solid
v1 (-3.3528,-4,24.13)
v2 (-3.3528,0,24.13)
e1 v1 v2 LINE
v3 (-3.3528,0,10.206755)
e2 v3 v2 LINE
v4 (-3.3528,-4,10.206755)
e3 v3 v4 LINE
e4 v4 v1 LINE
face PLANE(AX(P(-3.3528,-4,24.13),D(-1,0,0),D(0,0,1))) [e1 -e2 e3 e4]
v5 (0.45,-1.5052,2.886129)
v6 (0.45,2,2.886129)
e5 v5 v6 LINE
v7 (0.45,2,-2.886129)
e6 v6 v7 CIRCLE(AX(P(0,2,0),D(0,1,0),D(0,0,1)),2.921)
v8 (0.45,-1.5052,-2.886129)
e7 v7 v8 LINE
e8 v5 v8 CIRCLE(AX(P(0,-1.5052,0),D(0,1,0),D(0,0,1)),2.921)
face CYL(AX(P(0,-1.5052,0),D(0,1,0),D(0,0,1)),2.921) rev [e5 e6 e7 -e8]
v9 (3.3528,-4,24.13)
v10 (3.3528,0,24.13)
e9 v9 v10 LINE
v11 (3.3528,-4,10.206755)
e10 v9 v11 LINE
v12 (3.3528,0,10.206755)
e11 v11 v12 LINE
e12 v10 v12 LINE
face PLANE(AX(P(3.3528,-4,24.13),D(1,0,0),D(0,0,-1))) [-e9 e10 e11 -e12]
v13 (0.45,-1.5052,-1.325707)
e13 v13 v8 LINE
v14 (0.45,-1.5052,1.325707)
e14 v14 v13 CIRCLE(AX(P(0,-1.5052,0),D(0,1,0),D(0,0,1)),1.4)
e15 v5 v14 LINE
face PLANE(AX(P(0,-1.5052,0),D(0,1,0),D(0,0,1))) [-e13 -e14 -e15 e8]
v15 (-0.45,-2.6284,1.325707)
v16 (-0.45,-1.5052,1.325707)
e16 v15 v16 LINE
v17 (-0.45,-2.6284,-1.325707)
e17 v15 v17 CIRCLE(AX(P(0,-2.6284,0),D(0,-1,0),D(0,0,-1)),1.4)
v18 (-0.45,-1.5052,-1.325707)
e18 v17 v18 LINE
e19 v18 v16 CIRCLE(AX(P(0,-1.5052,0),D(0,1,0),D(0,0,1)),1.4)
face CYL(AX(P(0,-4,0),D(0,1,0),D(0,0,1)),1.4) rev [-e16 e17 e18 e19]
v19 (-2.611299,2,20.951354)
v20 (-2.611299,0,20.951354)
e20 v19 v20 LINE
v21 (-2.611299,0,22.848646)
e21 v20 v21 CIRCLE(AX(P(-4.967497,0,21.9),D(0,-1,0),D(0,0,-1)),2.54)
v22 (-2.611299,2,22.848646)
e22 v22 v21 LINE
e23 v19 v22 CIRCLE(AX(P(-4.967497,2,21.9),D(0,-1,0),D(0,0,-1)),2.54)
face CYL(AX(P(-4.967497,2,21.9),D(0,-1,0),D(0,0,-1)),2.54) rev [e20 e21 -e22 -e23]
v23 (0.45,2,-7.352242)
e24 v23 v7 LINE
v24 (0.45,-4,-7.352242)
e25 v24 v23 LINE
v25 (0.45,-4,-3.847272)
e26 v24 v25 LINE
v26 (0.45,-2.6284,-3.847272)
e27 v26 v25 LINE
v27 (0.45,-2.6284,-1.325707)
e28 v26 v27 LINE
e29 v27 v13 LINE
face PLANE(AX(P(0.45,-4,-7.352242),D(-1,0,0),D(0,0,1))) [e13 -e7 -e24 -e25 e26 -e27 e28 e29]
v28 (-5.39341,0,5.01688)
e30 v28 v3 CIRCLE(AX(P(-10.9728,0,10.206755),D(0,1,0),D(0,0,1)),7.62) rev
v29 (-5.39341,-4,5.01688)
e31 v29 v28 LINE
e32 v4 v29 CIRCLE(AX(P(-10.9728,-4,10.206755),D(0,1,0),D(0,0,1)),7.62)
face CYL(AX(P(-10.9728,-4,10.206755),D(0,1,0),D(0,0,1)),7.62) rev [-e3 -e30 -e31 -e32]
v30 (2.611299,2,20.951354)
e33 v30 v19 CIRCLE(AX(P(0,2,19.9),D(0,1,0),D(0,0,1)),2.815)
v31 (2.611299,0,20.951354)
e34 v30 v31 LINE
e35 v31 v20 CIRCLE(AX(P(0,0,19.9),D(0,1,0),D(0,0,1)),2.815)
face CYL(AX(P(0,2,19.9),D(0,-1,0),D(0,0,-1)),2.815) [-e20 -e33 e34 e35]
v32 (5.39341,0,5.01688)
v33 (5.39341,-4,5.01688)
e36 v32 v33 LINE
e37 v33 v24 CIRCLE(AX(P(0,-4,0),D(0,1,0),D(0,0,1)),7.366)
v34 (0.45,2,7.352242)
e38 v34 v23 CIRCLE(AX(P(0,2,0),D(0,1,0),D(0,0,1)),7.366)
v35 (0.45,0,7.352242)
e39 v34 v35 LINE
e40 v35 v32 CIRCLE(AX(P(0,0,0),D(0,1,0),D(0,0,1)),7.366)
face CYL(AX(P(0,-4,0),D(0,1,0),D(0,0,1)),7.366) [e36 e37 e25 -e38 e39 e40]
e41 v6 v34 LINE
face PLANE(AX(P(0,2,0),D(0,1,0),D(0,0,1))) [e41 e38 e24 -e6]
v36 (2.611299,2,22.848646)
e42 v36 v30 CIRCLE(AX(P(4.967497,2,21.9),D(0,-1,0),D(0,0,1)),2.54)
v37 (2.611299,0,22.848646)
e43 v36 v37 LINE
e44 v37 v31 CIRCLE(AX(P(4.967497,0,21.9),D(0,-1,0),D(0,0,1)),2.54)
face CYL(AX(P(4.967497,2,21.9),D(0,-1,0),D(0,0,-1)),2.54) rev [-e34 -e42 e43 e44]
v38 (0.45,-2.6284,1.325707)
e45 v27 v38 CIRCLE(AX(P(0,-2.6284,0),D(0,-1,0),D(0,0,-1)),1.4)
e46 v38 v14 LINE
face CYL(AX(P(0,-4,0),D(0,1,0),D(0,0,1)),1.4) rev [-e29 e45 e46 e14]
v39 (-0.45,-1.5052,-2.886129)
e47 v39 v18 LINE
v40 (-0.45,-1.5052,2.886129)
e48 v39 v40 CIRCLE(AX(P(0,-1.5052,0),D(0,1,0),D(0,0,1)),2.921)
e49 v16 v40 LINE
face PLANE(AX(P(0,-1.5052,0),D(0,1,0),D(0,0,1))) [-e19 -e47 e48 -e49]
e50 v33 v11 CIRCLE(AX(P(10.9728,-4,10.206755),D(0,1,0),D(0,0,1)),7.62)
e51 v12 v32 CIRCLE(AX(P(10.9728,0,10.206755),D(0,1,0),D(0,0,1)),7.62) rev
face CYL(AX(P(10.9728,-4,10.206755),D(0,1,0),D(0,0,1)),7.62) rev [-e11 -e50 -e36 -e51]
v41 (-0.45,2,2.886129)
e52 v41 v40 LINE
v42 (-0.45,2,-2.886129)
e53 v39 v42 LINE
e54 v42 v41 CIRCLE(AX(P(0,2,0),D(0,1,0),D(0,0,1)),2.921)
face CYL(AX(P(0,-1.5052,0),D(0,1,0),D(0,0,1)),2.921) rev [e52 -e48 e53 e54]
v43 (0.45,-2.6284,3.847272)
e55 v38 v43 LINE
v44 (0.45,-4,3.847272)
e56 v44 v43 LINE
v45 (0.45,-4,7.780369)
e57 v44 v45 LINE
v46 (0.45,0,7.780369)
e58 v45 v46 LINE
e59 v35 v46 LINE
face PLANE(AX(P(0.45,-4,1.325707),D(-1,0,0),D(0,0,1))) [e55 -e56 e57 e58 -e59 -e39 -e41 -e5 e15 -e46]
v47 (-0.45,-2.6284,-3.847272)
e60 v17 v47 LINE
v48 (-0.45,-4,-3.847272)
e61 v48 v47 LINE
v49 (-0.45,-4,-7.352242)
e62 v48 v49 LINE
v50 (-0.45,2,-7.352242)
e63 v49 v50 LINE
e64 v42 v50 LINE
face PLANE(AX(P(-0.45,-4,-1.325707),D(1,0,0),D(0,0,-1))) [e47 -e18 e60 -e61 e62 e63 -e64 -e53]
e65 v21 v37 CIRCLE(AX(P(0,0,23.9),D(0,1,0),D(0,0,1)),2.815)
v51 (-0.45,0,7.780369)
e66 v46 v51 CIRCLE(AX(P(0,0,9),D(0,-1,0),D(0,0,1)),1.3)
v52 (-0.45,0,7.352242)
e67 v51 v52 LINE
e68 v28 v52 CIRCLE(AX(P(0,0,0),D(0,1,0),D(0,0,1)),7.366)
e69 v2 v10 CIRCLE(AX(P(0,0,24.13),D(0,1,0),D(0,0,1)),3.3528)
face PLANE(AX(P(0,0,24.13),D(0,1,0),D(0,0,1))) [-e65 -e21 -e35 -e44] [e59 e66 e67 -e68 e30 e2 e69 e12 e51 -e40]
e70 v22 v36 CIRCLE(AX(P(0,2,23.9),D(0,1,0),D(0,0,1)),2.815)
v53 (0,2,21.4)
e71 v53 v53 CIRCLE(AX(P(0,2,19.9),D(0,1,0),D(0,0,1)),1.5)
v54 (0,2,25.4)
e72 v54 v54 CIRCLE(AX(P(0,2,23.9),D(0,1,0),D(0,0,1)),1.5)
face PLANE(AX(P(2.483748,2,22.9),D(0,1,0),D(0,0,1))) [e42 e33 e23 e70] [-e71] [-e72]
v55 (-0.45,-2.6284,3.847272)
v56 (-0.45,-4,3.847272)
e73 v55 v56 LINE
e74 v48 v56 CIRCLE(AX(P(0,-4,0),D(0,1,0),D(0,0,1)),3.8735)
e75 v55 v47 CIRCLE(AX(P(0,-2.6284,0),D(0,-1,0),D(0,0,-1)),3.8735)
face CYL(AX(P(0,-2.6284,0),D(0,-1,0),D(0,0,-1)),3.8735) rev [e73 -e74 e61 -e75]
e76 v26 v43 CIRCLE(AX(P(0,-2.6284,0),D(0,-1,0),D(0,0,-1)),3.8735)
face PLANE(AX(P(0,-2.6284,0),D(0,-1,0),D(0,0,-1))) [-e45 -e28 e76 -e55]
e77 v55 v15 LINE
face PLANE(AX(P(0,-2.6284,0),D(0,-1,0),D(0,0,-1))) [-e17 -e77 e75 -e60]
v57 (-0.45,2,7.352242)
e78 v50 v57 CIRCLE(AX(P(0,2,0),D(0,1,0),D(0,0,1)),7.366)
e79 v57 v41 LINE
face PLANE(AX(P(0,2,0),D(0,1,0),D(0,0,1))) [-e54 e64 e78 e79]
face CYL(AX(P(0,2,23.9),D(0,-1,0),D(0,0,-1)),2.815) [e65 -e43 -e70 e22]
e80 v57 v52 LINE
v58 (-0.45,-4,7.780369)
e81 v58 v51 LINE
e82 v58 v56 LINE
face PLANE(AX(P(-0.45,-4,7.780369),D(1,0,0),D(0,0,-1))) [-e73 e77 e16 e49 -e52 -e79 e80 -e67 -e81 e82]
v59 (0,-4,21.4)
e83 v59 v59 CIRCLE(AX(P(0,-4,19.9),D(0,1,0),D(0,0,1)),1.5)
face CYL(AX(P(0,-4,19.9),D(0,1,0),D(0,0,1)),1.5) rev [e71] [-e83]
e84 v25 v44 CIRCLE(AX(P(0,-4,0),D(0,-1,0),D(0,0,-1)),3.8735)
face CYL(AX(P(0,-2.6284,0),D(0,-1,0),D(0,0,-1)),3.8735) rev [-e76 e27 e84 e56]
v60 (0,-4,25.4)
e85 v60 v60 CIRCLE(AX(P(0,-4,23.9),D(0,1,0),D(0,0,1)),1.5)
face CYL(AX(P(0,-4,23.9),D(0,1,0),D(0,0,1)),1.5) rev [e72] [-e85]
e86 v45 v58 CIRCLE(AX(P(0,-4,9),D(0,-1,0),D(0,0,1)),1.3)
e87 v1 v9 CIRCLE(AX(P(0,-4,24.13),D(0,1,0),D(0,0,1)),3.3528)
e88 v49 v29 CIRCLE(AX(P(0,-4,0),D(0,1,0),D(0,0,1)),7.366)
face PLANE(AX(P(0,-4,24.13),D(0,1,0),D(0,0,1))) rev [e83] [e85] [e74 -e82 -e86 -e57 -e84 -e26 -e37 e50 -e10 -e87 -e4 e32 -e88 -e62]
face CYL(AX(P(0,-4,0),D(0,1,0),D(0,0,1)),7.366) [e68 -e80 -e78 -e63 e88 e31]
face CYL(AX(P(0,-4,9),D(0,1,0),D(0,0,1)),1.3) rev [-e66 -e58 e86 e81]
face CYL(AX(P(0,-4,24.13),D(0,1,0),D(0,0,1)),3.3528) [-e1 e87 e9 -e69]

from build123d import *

# Parameters (mm, degrees)
SKETCH1_R           = 1.5000000000000018
SKETCH1_R_2         = 1.5000000000000004
BOSS_EXTRUDE1_DEPTH = 4
BOSS_EXTRUDE2_START = 2
BOSS_EXTRUDE2_DEPTH = 2
BOSS_EXTRUDE3_START = 2
SKETCH3_R           = 1.5000000000000007
SKETCH3_R_2         = 1.500000000000001
BOSS_EXTRUDE3_DEPTH = 2
SKETCH4_R           = 2.921
CUT_EXTRUDE1_DEPTH  = 3.5052
FILLET1_R           = 7.62
SKETCH5_R           = 3.8735000000000004
CUT_EXTRUDE2_DEPTH  = 1.3716


with BuildPart() as part:
    # Sketch1 → Boss-Extrude1 (new body)
    with BuildSketch(Plane(origin=(0, 0, 0), x_dir=(1, 0, 0), z_dir=(0, 1, 0))):
        with BuildLine():
            Line((-3.3528000000000002, -24.130000000000003), (-3.3527999999999993, -6.55871086113727))
            ThreePointArc((-3.3527999999999993, -6.55871086113727), (-7.210684523422123, 1.504654346911835), (-0.45, 7.352241562952077))
            Line((-0.45, 7.352241562952077), (-0.45, 1.325707358356285))
            ThreePointArc((-0.45, 1.325707358356285), (-1.4, 1.7e-16), (-0.45, -1.325707358356285))
            Line((-0.45, -1.325707358356285), (-0.45, -7.780368908234952))
            ThreePointArc((-0.45, -7.780368908234952), (-2.4e-16, -10.3), (0.45000000000000184, -7.780368908234953))
            Line((0.45000000000000184, -7.780368908234953), (0.45000000000000107, -1.3257073583562848))
            ThreePointArc((0.45000000000000107, -1.3257073583562848), (1.4, 0), (0.45000000000000073, 1.3257073583562848))
            Line((0.45000000000000073, 1.3257073583562848), (0.45, 7.352241562952076))
            ThreePointArc((0.45, 7.352241562952076), (7.210684523422123, 1.504654346911832), (3.3527999999999993, -6.55871086113727))
            Line((3.3527999999999993, -6.55871086113727), (3.3528000000000002, -24.130000000000003))
            ThreePointArc((3.3528000000000002, -24.130000000000003), (-6.2e-16, -27.482800000000005), (-3.3528000000000002, -24.130000000000003))
        make_face()
        with Locations(Location((-4.6e-16, -23.9, 0), (0, 0, 270))):
            Circle(SKETCH1_R, mode=Mode.SUBTRACT)
        with Locations(Location((0, -19.9, 0), (0, 0, 270))):
            Circle(SKETCH1_R_2, mode=Mode.SUBTRACT)
    extrude(amount=-BOSS_EXTRUDE1_DEPTH)

    # Sketch2 → Boss-Extrude2 (add)
    with BuildSketch(Plane(origin=(0, 0, 0), x_dir=(1, 0, 0), z_dir=(0, 1, 0)).offset(BOSS_EXTRUDE2_START)):
        with BuildLine():
            Line((-0.44999999999999873, 7.352241562952076), (-0.4499999999999986, 1.325707358356285))
            ThreePointArc((-0.4499999999999986, 1.325707358356285), (-1.3999999999999995, 1.7e-16), (-0.4499999999999986, -1.3257073583562848))
            Line((-0.4499999999999986, -1.3257073583562848), (-0.44999999999999873, -7.352241562952076))
            ThreePointArc((-0.44999999999999873, -7.352241562952076), (-7.366, 9e-16), (-0.44999999999999873, 7.352241562952076))
        make_face()
        with BuildLine():
            Line((0.45, 7.352241562952076), (0.4499999999999999, 1.3257073583562846))
            ThreePointArc((0.4499999999999999, 1.3257073583562846), (1.3999999999999995, 0), (0.4499999999999999, -1.3257073583562846))
            Line((0.4499999999999999, -1.3257073583562846), (0.45, -7.352241562952076))
            ThreePointArc((0.45, -7.352241562952076), (7.366, 0), (0.45, 7.352241562952076))
        make_face()
    extrude(amount=-BOSS_EXTRUDE2_DEPTH)

    # Sketch3 → Boss-Extrude3 (add)
    with BuildSketch(Plane(origin=(0, 0, 0), x_dir=(1, 0, 0), z_dir=(0, 1, 0)).offset(BOSS_EXTRUDE3_START)):
        with BuildLine():
            ThreePointArc((2.611298533252736, -20.95135387488328), (8e-16, -17.085), (-2.6112985332527363, -20.95135387488328))
            ThreePointArc((-2.6112985332527363, -20.95135387488328), (-2.427496854553608, -21.899999999999995), (-2.611298533252737, -22.84864612511671))
            ThreePointArc((-2.611298533252737, -22.84864612511671), (-9.8e-16, -26.715), (2.611298533252737, -22.84864612511671))
            ThreePointArc((2.611298533252737, -22.84864612511671), (2.427496854553609, -21.899999999999995), (2.611298533252736, -20.95135387488328))
        make_face()
        with Locations(Location((0, -19.9, 0), (0, 0, 270))):
            Circle(SKETCH3_R, mode=Mode.SUBTRACT)
        with Locations(Location((-4.6e-16, -23.9, 0), (0, 0, 270))):
            Circle(SKETCH3_R_2, mode=Mode.SUBTRACT)
    extrude(amount=-BOSS_EXTRUDE3_DEPTH)

    # Sketch4 → Cut-Extrude1 (cut)
    with BuildSketch(Plane(origin=(0, 2, 0), x_dir=(1, 0, 0), z_dir=(0, 1, 0))):
        Circle(SKETCH4_R)
    extrude(amount=-CUT_EXTRUDE1_DEPTH, mode=Mode.SUBTRACT)

    # Fillet1
    fillet1_edges = [part.edges().sort_by_distance(p)[0] for p in [
        (-3.3527999999999993, -2, 6.558710861137271),
        (3.352800000000001, -2, 6.55871086113727),
    ]]
    fillet(fillet1_edges, radius=FILLET1_R)

    # Sketch5 → Cut-Extrude2 (cut)
    with BuildSketch(Plane.XZ.offset(4)):
        Circle(SKETCH5_R)
    extrude(amount=-CUT_EXTRUDE2_DEPTH, mode=Mode.SUBTRACT)


solid = part.part
